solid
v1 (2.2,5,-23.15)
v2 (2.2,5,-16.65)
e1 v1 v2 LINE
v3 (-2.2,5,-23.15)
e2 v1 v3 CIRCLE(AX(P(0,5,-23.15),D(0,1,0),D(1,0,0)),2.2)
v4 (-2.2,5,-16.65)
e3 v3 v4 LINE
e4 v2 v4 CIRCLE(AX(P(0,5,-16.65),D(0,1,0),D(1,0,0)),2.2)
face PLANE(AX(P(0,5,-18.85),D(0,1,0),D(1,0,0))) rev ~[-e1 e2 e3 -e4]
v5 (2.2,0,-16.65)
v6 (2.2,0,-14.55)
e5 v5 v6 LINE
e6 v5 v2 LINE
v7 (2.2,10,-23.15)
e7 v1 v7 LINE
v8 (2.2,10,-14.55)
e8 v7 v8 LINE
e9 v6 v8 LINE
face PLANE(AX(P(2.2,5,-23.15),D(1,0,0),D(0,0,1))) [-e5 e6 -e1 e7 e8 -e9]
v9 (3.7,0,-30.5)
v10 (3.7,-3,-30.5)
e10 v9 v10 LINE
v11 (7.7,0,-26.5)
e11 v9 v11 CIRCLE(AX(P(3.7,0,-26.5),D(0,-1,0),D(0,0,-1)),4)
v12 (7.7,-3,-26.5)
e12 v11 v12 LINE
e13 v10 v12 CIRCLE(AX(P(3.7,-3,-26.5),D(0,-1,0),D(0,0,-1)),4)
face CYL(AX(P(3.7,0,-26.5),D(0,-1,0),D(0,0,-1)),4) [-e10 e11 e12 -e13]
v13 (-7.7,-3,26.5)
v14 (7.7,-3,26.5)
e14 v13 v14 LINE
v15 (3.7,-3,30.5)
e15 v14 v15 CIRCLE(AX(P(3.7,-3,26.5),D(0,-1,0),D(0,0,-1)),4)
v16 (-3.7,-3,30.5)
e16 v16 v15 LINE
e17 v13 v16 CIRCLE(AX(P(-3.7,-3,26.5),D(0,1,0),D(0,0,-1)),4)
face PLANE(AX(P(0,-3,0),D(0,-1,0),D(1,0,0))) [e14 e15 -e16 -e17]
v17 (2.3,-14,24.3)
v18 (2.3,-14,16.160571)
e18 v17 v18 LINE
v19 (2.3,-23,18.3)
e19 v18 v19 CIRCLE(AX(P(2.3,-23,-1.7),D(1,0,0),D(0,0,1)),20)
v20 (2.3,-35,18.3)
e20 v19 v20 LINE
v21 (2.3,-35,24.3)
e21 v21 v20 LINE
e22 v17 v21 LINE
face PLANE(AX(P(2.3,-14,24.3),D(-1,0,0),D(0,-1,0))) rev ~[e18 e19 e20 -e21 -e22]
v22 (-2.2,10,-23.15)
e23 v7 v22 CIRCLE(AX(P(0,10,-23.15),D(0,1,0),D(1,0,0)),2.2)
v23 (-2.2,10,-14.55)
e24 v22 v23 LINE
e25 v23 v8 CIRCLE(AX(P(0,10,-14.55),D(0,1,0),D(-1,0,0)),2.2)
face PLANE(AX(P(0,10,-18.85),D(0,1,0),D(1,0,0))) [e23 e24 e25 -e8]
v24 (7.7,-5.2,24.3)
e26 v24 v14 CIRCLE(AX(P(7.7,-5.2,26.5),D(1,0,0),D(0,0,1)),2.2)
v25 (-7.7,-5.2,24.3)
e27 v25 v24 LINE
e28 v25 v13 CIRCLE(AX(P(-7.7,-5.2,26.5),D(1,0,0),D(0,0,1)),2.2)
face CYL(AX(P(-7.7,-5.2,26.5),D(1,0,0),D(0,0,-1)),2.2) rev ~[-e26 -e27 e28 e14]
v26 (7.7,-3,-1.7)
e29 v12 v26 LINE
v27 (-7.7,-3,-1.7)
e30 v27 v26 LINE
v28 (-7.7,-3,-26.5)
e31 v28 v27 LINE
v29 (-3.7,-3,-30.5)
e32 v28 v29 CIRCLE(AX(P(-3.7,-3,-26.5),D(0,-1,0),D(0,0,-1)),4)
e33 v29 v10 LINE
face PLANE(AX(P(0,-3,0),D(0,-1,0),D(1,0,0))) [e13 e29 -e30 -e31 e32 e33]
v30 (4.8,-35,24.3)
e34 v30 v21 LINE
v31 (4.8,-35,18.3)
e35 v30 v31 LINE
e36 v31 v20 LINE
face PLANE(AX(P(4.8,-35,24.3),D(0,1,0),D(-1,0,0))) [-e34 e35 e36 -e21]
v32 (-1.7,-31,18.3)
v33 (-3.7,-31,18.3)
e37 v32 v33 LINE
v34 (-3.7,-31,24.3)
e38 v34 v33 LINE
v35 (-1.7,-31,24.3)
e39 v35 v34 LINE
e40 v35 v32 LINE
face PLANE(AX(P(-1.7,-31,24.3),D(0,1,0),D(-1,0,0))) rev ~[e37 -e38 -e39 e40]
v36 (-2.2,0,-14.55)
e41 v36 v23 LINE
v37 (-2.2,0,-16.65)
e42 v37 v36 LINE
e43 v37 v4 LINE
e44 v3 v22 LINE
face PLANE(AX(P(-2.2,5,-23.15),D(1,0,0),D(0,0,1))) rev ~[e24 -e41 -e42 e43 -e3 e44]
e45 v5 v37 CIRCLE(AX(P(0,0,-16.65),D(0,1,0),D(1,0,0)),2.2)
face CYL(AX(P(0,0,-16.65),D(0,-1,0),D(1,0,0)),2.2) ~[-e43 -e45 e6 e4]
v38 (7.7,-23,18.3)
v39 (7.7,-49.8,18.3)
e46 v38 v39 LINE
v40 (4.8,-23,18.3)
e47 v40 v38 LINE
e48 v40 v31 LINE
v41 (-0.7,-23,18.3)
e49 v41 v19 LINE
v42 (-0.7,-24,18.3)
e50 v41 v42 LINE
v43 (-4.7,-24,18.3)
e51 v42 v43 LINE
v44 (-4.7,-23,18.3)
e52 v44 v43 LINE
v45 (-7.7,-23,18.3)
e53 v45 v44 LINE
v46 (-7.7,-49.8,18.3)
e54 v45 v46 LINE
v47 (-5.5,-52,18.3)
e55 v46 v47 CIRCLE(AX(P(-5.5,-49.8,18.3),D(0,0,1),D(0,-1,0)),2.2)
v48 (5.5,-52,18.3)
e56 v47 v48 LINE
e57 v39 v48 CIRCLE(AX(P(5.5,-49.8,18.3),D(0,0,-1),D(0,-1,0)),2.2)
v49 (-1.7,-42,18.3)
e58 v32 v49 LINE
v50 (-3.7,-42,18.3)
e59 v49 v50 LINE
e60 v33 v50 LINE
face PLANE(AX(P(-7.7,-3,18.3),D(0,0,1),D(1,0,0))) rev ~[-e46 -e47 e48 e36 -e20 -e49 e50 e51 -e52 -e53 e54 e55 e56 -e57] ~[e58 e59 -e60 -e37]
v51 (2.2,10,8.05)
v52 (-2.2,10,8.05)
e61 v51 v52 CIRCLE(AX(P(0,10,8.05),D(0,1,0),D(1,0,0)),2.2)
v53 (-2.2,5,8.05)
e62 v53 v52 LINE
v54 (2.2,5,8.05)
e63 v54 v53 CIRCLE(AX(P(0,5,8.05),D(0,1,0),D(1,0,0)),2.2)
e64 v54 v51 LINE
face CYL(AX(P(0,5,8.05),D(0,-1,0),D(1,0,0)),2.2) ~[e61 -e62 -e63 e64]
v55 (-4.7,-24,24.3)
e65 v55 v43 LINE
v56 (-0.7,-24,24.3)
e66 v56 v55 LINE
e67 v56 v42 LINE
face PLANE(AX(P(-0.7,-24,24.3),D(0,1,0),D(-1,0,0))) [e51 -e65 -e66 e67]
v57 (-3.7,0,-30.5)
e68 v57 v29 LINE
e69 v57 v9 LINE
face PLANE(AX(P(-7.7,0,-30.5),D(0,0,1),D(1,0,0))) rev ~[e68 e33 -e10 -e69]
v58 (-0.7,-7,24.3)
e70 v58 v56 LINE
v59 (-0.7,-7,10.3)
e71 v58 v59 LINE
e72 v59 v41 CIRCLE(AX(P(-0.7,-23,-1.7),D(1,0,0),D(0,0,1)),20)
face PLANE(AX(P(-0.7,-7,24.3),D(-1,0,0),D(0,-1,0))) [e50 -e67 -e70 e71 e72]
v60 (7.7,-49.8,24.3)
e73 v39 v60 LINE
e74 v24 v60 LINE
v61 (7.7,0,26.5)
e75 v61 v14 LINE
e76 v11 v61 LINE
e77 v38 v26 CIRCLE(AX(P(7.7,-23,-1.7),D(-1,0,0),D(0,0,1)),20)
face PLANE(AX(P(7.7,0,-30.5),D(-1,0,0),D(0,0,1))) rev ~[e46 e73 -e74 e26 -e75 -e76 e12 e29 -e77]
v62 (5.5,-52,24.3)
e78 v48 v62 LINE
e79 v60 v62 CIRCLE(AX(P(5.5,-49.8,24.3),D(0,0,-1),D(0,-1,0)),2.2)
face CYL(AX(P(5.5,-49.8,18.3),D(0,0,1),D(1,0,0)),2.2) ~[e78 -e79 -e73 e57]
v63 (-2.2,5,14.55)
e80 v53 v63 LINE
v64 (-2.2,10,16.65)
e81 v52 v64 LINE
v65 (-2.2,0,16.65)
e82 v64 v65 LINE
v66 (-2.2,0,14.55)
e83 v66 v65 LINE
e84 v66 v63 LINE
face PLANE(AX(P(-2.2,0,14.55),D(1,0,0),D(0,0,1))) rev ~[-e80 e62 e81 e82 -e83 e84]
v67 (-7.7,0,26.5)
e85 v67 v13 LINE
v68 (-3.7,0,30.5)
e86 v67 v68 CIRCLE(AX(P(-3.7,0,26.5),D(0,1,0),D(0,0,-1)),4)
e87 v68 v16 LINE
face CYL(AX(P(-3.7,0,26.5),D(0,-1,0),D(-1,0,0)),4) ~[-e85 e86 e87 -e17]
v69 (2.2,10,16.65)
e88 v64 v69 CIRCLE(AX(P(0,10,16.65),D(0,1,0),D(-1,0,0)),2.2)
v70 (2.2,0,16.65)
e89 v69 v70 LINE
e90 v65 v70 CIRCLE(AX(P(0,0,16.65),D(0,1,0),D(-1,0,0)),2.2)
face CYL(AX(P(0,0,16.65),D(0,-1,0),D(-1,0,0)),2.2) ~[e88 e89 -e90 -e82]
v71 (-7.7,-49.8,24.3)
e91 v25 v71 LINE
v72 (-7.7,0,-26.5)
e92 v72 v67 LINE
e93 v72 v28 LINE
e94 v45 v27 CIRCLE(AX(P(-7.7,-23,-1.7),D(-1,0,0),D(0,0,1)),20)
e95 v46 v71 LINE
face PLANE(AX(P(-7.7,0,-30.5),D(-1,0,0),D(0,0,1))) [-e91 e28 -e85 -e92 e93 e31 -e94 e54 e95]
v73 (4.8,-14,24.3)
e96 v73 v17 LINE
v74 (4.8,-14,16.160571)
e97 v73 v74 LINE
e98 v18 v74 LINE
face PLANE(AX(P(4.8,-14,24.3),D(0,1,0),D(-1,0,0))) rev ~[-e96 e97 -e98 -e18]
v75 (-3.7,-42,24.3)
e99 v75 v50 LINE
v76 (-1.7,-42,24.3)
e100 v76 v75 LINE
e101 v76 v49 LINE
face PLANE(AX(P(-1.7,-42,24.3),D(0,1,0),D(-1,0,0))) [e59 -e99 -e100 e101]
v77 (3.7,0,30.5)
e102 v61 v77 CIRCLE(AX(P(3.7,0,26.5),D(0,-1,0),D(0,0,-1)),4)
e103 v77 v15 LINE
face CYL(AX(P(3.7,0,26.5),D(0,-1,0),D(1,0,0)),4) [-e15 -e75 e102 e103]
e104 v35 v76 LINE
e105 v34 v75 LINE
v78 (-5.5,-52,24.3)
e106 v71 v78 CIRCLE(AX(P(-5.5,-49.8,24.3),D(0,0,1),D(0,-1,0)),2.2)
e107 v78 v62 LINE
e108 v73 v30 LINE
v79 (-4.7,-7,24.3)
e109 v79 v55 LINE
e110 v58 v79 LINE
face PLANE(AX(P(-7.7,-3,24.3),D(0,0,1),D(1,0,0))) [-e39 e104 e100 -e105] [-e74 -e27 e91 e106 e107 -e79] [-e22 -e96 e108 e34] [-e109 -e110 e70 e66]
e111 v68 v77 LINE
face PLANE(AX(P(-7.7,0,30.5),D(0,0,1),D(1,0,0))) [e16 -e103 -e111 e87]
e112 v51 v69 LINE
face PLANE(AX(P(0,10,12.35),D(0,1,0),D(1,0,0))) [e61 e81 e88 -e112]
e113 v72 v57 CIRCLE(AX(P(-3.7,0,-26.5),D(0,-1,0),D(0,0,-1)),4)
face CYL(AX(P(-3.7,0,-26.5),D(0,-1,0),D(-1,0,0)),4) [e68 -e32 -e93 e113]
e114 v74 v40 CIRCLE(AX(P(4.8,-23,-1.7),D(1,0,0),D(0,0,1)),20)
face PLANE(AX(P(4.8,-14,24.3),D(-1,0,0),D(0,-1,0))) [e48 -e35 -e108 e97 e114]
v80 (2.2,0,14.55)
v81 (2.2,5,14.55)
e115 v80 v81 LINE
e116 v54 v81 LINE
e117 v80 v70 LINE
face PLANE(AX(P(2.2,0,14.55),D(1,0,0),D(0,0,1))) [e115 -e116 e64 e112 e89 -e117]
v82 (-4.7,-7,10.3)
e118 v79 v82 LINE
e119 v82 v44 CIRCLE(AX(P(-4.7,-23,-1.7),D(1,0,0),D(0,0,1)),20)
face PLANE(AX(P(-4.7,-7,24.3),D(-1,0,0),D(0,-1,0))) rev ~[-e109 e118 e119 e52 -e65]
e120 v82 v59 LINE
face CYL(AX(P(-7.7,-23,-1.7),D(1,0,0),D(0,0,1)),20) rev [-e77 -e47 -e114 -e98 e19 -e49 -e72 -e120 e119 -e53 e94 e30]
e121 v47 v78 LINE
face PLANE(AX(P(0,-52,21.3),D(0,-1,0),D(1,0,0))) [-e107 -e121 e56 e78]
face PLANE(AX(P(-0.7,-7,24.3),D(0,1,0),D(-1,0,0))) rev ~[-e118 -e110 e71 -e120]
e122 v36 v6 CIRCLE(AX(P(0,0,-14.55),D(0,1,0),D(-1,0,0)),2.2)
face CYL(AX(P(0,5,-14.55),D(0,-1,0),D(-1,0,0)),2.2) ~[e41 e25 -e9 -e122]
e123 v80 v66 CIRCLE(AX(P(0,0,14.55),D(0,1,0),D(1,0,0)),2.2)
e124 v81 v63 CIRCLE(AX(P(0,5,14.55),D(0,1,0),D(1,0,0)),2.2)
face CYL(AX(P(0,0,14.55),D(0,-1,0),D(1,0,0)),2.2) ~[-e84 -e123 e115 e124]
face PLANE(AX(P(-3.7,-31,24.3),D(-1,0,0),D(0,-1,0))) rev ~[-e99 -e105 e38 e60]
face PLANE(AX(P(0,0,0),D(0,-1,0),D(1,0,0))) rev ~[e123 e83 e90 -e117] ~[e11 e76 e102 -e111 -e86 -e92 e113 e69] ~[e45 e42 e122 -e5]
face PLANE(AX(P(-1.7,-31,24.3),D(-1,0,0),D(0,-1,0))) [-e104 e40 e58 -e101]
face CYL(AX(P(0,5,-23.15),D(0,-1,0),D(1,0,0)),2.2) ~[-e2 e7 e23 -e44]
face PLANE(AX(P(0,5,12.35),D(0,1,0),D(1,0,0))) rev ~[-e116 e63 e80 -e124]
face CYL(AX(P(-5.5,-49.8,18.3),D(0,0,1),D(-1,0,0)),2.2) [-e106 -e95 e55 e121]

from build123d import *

# Parameters (mm, degrees)
SKETCH_W      = 15.4
SKETCH_H      = 61
PAD_DEPTH     = 3
FILLET_R      = 4
PAD001_DEPTH  = 5
PAD002_DEPTH  = 5
SKETCH003_W   = 15.4
SKETCH003_H   = 6
PAD003_DEPTH  = 49
FILLET001_R   = 2.2
FILLET002_R   = 20
FILLET003_R   = 2.2
SKETCH004_W   = 4
SKETCH004_H   = 17
SKETCH004_W_2 = 2
SKETCH004_H_2 = 11
SKETCH004_W_3 = 2.5
SKETCH004_H_3 = 21
POCKET_DEPTH  = 54.801


with BuildPart() as part:
    # Sketch → Pad (new body)
    with BuildSketch(Plane.XZ):
        Rectangle(SKETCH_W, SKETCH_H)
    extrude(amount=PAD_DEPTH)

    # Fillet
    fillet_edges = [part.edges().sort_by_distance(p)[0] for p in [
        (7.7, -1.5, 30.5),
        (-7.7, -1.5, 30.5),
        (7.7, -1.5, -30.5),
        (-7.7, -1.5, -30.5),
    ]]
    fillet(fillet_edges, radius=FILLET_R)

    # Sketch001 (on Face2 of Fillet) → Pad001 (join)
    with BuildSketch(Plane(origin=(0, 0, 0), x_dir=(1, 0, 0), z_dir=(0, 1, 0))):
        with BuildLine():
            Line((-2.2, 16.65), (-2.2, 14.55))
            ThreePointArc((-2.2, 14.55), (0, 12.35), (2.2, 14.55))
            Line((2.2, 16.65), (2.2, 14.55))
            ThreePointArc((2.2, 16.65), (0, 18.85), (-2.2, 16.65))
        make_face()
        with BuildLine():
            Line((-2.2, -14.55), (-2.2, -16.65))
            ThreePointArc((-2.2, -16.65), (0, -18.85), (2.2, -16.65))
            Line((2.2, -14.55), (2.2, -16.65))
            ThreePointArc((2.2, -14.55), (0, -12.35), (-2.2, -14.55))
        make_face()
    extrude(amount=PAD001_DEPTH)

    # Sketch002 (on Face19 of Pad001) → Pad002 (join)
    with BuildSketch(Plane(origin=(0, 5, 0), x_dir=(1, 0, 0), z_dir=(0, 1, 0))):
        with BuildLine():
            Line((-2.2, 23.15), (-2.2, 14.55))
            ThreePointArc((-2.2, 14.55), (0, 12.35), (2.2, 14.55))
            Line((2.2, 23.15), (2.2, 14.55))
            ThreePointArc((2.2, 23.15), (0, 25.35), (-2.2, 23.15))
        make_face()
        with BuildLine():
            Line((-2.2, -8.05), (-2.2, -16.65))
            ThreePointArc((-2.2, -16.65), (0, -18.85), (2.2, -16.65))
            Line((2.2, -8.05), (2.2, -16.65))
            ThreePointArc((2.2, -8.05), (0, -5.85), (-2.2, -8.05))
        make_face()
    extrude(amount=PAD002_DEPTH)

    # Sketch003 (on Face5 of Pad002) → Pad003 (join)
    with BuildSketch(Plane.XZ.offset(3)):
        with Locations((0, 21.3)):
            Rectangle(SKETCH003_W, SKETCH003_H)
    extrude(amount=PAD003_DEPTH)

    # Fillet001
    fillet001_edges = [part.edges().sort_by_distance(p)[0] for p in [
        (7.7, -52, 21.3),
        (-7.7, -52, 21.3),
    ]]
    fillet(fillet001_edges, radius=FILLET001_R)

    # Fillet002
    fillet002_edges = [part.edges().sort_by_distance(p)[0] for p in [
        (0, -3, 18.3),
    ]]
    fillet(fillet002_edges, radius=FILLET002_R)

    # Fillet003
    fillet003_edges = [part.edges().sort_by_distance(p)[0] for p in [
        (0, -3, 24.3),
    ]]
    fillet(fillet003_edges, radius=FILLET003_R)

    # Sketch004 (on Face2 of Fillet003) → Pocket (cut, through all)
    with BuildSketch(Plane(origin=(0, 0, 24.3), x_dir=(-1, 0, 0), z_dir=(0, 0, 1))):
        with Locations((2.7, 15.5)):
            Rectangle(SKETCH004_W, SKETCH004_H)
        with Locations((2.7, 36.5)):
            Rectangle(SKETCH004_W_2, SKETCH004_H_2)
        with Locations((-3.55, 24.5)):
            Rectangle(SKETCH004_W_3, SKETCH004_H_3)
    extrude(amount=-POCKET_DEPTH, mode=Mode.SUBTRACT)


solid = part.part
